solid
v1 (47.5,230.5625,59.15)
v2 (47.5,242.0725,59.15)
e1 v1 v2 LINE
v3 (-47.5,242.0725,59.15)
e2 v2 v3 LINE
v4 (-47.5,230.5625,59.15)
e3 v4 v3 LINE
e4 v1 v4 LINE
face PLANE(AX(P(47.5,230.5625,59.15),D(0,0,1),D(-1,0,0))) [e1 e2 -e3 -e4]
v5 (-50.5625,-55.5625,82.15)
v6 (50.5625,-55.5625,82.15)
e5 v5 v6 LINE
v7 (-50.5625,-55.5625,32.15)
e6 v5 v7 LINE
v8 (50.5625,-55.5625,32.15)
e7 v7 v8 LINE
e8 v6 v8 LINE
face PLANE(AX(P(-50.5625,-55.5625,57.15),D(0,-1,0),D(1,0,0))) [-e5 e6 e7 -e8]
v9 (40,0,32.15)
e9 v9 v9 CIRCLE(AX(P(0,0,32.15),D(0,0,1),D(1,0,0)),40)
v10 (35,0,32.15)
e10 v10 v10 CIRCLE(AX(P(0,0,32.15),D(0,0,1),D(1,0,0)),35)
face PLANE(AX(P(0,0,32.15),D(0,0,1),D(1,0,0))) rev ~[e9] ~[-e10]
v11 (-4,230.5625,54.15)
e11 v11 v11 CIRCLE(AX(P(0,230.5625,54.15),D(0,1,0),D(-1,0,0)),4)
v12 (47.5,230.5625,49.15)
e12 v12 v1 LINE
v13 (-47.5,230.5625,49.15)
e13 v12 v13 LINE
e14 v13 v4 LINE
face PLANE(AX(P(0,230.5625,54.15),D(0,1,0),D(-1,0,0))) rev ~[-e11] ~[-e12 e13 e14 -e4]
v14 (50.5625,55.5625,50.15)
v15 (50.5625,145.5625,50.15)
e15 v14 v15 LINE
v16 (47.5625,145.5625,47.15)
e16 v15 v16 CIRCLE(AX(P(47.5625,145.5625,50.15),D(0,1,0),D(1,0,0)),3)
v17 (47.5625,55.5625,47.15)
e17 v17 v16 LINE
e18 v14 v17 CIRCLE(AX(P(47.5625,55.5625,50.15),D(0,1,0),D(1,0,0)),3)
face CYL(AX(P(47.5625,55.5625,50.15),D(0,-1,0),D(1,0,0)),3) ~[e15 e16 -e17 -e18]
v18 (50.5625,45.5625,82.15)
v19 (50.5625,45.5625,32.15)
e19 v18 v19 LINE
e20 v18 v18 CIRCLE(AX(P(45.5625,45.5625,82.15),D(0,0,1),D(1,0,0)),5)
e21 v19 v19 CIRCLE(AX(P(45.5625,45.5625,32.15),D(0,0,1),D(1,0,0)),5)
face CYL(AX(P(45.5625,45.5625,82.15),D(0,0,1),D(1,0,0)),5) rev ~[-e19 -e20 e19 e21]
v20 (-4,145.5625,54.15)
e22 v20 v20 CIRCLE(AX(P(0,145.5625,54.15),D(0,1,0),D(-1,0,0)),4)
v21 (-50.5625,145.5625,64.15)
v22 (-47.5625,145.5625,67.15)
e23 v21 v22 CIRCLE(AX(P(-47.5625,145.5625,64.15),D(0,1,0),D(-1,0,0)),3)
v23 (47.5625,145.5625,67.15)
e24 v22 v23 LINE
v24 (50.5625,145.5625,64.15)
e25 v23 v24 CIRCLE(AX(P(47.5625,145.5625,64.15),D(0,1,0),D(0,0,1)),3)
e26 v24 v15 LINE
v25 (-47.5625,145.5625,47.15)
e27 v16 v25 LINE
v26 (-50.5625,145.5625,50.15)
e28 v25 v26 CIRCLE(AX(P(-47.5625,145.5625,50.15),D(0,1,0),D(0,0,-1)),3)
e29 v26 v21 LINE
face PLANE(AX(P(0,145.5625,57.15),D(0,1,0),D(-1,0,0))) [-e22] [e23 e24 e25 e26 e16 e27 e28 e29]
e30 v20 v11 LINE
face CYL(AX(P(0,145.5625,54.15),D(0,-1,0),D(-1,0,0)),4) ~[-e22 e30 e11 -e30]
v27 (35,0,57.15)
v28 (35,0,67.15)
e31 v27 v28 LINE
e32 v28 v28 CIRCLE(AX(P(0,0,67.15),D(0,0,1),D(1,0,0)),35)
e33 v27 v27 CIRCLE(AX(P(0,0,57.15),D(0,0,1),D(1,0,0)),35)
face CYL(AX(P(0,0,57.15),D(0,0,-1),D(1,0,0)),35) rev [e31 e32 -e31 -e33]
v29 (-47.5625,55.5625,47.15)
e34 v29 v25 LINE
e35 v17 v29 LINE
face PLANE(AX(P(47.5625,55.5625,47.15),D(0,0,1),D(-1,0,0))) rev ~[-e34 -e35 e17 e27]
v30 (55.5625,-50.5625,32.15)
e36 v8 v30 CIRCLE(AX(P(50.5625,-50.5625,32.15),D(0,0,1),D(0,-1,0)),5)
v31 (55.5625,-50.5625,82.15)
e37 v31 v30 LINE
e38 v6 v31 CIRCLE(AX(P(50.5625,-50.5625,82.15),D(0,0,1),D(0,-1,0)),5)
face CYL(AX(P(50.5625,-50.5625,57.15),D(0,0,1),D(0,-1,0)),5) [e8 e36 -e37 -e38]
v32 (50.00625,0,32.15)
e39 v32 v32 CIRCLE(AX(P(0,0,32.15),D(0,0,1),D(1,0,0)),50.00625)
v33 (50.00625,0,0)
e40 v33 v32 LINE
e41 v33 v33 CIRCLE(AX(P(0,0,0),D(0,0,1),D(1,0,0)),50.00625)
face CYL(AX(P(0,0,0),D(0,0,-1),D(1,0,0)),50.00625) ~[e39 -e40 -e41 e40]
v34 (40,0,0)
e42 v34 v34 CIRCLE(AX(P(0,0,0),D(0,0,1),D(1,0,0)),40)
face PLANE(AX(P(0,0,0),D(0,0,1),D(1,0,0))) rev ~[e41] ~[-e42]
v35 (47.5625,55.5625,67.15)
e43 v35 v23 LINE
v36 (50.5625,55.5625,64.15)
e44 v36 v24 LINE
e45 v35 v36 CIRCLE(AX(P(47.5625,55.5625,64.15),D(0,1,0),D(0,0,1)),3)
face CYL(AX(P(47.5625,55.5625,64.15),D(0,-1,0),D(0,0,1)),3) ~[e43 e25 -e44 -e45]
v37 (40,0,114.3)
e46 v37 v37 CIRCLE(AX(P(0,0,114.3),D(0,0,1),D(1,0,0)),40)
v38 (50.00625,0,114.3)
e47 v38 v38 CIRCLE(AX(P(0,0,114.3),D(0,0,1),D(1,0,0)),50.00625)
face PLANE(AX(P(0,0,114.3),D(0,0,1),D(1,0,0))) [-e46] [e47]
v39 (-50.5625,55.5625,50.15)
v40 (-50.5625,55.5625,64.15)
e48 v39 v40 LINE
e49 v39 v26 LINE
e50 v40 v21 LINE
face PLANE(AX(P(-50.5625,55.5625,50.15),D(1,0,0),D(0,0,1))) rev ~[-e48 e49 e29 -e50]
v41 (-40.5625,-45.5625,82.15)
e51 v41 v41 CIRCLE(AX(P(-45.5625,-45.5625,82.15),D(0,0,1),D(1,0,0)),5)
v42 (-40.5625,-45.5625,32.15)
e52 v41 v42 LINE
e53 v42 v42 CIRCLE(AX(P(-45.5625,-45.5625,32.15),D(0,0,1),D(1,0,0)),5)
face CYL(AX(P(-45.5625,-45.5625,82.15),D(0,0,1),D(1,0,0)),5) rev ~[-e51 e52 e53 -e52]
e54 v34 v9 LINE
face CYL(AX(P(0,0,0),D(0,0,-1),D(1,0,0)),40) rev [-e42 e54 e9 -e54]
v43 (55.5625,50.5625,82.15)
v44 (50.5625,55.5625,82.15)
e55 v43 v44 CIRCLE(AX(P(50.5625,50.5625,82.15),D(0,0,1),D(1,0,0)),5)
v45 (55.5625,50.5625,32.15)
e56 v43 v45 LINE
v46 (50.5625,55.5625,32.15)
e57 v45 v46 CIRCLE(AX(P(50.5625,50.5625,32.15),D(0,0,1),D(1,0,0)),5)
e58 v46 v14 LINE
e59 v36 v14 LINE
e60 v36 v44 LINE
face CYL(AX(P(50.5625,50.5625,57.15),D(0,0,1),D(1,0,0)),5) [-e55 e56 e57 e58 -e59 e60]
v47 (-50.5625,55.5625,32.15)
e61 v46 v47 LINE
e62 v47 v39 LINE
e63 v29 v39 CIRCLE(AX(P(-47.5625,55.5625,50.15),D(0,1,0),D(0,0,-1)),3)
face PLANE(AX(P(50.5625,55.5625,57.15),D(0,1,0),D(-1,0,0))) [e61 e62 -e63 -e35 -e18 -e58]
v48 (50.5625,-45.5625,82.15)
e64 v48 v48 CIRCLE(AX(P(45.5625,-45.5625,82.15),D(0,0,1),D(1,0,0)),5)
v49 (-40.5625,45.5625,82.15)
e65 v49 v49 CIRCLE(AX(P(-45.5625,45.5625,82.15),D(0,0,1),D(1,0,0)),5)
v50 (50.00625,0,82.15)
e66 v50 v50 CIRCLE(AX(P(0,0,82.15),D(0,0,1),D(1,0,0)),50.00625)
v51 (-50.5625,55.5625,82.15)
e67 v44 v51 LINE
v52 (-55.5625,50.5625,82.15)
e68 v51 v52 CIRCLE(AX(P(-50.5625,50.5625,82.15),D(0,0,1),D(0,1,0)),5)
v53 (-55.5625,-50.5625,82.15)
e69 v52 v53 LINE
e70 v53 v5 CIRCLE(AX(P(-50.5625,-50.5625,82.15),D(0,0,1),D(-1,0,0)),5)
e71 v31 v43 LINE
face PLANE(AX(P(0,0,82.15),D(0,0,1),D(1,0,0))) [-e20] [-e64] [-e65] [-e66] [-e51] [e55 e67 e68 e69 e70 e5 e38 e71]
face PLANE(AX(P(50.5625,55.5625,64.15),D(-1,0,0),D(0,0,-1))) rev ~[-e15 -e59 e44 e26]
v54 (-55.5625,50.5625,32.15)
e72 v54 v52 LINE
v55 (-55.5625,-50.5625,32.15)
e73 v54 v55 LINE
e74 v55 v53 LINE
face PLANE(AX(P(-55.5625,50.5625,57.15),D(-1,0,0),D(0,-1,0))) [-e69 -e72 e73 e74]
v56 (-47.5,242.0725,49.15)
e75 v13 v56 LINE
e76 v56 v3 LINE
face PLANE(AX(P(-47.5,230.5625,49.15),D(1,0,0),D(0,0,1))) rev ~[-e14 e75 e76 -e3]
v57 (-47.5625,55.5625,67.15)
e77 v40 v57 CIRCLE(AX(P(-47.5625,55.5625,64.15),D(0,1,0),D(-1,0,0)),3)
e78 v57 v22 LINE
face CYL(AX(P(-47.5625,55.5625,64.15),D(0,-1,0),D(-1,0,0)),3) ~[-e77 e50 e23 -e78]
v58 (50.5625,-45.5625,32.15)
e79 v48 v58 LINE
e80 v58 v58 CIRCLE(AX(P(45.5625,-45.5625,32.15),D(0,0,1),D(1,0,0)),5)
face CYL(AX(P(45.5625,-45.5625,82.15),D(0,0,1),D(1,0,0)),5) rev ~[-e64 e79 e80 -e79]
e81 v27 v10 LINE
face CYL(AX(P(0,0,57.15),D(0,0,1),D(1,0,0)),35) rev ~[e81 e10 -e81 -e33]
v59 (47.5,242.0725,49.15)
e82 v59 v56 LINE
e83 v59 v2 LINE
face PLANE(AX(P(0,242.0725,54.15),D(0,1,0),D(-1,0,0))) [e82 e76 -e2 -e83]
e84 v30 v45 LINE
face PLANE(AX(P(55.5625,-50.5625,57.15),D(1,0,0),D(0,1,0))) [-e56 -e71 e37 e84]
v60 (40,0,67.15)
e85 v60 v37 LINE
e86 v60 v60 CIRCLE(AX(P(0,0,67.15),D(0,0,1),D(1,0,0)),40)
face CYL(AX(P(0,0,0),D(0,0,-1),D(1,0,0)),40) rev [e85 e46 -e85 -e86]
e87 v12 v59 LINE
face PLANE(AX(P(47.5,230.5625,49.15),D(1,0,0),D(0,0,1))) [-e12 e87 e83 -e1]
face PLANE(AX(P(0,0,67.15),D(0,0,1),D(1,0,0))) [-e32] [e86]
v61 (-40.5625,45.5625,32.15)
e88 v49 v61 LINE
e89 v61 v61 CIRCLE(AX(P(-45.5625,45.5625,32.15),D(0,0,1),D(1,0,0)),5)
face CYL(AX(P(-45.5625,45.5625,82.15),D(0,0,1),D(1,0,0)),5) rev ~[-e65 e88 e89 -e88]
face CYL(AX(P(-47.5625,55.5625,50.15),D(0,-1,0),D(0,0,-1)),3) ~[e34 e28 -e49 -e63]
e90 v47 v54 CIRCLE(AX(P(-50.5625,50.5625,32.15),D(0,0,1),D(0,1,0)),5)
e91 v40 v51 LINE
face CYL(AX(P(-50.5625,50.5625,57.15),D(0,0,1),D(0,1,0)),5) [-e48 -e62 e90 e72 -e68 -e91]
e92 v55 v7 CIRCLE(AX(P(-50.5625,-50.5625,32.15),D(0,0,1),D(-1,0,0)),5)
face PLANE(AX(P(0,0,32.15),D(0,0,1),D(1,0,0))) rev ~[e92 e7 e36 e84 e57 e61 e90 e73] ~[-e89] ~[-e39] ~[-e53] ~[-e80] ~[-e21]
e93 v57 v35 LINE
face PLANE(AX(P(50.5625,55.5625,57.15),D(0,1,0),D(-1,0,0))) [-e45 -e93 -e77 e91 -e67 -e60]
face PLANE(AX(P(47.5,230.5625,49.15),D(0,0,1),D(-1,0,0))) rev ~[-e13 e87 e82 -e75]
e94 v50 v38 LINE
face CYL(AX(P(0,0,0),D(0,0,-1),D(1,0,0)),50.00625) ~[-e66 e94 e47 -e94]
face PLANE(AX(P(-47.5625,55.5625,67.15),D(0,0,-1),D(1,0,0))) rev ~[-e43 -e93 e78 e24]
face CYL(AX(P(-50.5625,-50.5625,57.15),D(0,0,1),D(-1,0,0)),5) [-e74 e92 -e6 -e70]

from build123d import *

# Parameters (mm, degrees)
F0_R           = 50.00625
F0_R_2         = 40
F1_DEPTH       = 114.3
F3_R           = 50.00625
F4_DEPTH       = 25
F4_DEPTH_BACK  = 25
F5_R           = 5
F6_DEPTH       = 82.151
F8_DEPTH       = 90
F9_R           = 4
F10_DEPTH      = 85
F11_W          = 95
F11_H          = 10
F11_R          = 4
F12_DEPTH      = 11.51
F13_R          = 40
F13_R_2        = 35
F14_DEPTH      = 10
F14_DEPTH_BACK = 25


with BuildPart() as f1:
    # F0 (on Top) → F1 (new body)
    with BuildSketch(Plane.XY):
        Circle(F0_R)
        Circle(F0_R_2, mode=Mode.SUBTRACT)
    extrude(amount=F1_DEPTH)

    # F3 (on offset) → F4 (join, two sides)
    with BuildSketch(Plane.XY.offset(57.15)) as f4_sk:
        with BuildLine():
            ThreePointArc((55.5625, 50.5625), (54.0980339059, 54.0980339059), (50.5625, 55.5625))
            Line((50.5625, 55.5625), (-50.5625, 55.5625))
            ThreePointArc((-50.5625, 55.5625), (-54.0980339059, 54.0980339059), (-55.5625, 50.5625))
            Line((-55.5625, 50.5625), (-55.5625, -50.5625))
            ThreePointArc((-55.5625, -50.5625), (-54.0980339059, -54.0980339059), (-50.5625, -55.5625))
            Line((-50.5625, -55.5625), (50.5625, -55.5625))
            ThreePointArc((50.5625, -55.5625), (54.0980339059, -54.0980339059), (55.5625, -50.5625))
            Line((55.5625, -50.5625), (55.5625, 50.5625))
        make_face()
        Circle(F3_R, mode=Mode.SUBTRACT)
    extrude(amount=F4_DEPTH)
    extrude(f4_sk.sketch, amount=-F4_DEPTH_BACK)

    # F5 (on face) → F6 (cut, through all)
    with BuildSketch(Plane.XY.offset(82.15)):
        with Locations((-45.5625, 45.5625)):
            Circle(F5_R)
        with Locations((-45.5625, -45.5625)):
            Circle(F5_R)
        with Locations((45.5625, -45.5625)):
            Circle(F5_R)
        with Locations((45.5625, 45.5625)):
            Circle(F5_R)
    extrude(amount=-F6_DEPTH, mode=Mode.SUBTRACT)

    # F7 (on face) → F8 (join)
    with BuildSketch(Plane(origin=(0, 55.5625, 0), x_dir=(-1, 0, 0), z_dir=(0, 1, 0))):
        with BuildLine():
            Line((-47.5625, 47.15), (47.5625, 47.15))
            ThreePointArc((47.5625, 47.15), (49.6838203436, 48.0286796564), (50.5625, 50.15))
            Line((50.5625, 50.15), (50.5625, 64.15))
            ThreePointArc((50.5625, 64.15), (49.6838203436, 66.2713203436), (47.5625, 67.15))
            Line((47.5625, 67.15), (-47.5625, 67.15))
            ThreePointArc((-47.5625, 67.15), (-49.6838203436, 66.2713203436), (-50.5625, 64.15))
            Line((-50.5625, 64.15), (-50.5625, 50.15))
            ThreePointArc((-50.5625, 50.15), (-49.6838203436, 48.0286796564), (-47.5625, 47.15))
        make_face()
    extrude(amount=F8_DEPTH)

    # F9 (on face) → F10 (join)
    with BuildSketch(Plane(origin=(0, 145.5625, 0), x_dir=(-1, 0, 0), z_dir=(0, 1, 0))):
        with Locations((0, 54.15)):
            Circle(F9_R)
    extrude(amount=F10_DEPTH)

    # F11 (on face) → F12 (join)
    with BuildSketch(Plane(origin=(0, 230.5625, 0), x_dir=(-1, 0, 0), z_dir=(0, 1, 0))):
        with Locations((0, 54.15)):
            Rectangle(F11_W, F11_H)
        with Locations((0, 54.15)):
            Circle(F11_R, mode=Mode.SUBTRACT)
        with Locations((0, 54.15)):
            Circle(F11_R)
    extrude(amount=F12_DEPTH)

    # F13 (on offset) → F14 (join, two sides)
    with BuildSketch(Plane.XY.offset(57.15)) as f14_sk:
        Circle(F13_R)
        Circle(F13_R_2, mode=Mode.SUBTRACT)
    extrude(amount=F14_DEPTH)
    extrude(f14_sk.sketch, amount=-F14_DEPTH_BACK)


solid = f1.part
